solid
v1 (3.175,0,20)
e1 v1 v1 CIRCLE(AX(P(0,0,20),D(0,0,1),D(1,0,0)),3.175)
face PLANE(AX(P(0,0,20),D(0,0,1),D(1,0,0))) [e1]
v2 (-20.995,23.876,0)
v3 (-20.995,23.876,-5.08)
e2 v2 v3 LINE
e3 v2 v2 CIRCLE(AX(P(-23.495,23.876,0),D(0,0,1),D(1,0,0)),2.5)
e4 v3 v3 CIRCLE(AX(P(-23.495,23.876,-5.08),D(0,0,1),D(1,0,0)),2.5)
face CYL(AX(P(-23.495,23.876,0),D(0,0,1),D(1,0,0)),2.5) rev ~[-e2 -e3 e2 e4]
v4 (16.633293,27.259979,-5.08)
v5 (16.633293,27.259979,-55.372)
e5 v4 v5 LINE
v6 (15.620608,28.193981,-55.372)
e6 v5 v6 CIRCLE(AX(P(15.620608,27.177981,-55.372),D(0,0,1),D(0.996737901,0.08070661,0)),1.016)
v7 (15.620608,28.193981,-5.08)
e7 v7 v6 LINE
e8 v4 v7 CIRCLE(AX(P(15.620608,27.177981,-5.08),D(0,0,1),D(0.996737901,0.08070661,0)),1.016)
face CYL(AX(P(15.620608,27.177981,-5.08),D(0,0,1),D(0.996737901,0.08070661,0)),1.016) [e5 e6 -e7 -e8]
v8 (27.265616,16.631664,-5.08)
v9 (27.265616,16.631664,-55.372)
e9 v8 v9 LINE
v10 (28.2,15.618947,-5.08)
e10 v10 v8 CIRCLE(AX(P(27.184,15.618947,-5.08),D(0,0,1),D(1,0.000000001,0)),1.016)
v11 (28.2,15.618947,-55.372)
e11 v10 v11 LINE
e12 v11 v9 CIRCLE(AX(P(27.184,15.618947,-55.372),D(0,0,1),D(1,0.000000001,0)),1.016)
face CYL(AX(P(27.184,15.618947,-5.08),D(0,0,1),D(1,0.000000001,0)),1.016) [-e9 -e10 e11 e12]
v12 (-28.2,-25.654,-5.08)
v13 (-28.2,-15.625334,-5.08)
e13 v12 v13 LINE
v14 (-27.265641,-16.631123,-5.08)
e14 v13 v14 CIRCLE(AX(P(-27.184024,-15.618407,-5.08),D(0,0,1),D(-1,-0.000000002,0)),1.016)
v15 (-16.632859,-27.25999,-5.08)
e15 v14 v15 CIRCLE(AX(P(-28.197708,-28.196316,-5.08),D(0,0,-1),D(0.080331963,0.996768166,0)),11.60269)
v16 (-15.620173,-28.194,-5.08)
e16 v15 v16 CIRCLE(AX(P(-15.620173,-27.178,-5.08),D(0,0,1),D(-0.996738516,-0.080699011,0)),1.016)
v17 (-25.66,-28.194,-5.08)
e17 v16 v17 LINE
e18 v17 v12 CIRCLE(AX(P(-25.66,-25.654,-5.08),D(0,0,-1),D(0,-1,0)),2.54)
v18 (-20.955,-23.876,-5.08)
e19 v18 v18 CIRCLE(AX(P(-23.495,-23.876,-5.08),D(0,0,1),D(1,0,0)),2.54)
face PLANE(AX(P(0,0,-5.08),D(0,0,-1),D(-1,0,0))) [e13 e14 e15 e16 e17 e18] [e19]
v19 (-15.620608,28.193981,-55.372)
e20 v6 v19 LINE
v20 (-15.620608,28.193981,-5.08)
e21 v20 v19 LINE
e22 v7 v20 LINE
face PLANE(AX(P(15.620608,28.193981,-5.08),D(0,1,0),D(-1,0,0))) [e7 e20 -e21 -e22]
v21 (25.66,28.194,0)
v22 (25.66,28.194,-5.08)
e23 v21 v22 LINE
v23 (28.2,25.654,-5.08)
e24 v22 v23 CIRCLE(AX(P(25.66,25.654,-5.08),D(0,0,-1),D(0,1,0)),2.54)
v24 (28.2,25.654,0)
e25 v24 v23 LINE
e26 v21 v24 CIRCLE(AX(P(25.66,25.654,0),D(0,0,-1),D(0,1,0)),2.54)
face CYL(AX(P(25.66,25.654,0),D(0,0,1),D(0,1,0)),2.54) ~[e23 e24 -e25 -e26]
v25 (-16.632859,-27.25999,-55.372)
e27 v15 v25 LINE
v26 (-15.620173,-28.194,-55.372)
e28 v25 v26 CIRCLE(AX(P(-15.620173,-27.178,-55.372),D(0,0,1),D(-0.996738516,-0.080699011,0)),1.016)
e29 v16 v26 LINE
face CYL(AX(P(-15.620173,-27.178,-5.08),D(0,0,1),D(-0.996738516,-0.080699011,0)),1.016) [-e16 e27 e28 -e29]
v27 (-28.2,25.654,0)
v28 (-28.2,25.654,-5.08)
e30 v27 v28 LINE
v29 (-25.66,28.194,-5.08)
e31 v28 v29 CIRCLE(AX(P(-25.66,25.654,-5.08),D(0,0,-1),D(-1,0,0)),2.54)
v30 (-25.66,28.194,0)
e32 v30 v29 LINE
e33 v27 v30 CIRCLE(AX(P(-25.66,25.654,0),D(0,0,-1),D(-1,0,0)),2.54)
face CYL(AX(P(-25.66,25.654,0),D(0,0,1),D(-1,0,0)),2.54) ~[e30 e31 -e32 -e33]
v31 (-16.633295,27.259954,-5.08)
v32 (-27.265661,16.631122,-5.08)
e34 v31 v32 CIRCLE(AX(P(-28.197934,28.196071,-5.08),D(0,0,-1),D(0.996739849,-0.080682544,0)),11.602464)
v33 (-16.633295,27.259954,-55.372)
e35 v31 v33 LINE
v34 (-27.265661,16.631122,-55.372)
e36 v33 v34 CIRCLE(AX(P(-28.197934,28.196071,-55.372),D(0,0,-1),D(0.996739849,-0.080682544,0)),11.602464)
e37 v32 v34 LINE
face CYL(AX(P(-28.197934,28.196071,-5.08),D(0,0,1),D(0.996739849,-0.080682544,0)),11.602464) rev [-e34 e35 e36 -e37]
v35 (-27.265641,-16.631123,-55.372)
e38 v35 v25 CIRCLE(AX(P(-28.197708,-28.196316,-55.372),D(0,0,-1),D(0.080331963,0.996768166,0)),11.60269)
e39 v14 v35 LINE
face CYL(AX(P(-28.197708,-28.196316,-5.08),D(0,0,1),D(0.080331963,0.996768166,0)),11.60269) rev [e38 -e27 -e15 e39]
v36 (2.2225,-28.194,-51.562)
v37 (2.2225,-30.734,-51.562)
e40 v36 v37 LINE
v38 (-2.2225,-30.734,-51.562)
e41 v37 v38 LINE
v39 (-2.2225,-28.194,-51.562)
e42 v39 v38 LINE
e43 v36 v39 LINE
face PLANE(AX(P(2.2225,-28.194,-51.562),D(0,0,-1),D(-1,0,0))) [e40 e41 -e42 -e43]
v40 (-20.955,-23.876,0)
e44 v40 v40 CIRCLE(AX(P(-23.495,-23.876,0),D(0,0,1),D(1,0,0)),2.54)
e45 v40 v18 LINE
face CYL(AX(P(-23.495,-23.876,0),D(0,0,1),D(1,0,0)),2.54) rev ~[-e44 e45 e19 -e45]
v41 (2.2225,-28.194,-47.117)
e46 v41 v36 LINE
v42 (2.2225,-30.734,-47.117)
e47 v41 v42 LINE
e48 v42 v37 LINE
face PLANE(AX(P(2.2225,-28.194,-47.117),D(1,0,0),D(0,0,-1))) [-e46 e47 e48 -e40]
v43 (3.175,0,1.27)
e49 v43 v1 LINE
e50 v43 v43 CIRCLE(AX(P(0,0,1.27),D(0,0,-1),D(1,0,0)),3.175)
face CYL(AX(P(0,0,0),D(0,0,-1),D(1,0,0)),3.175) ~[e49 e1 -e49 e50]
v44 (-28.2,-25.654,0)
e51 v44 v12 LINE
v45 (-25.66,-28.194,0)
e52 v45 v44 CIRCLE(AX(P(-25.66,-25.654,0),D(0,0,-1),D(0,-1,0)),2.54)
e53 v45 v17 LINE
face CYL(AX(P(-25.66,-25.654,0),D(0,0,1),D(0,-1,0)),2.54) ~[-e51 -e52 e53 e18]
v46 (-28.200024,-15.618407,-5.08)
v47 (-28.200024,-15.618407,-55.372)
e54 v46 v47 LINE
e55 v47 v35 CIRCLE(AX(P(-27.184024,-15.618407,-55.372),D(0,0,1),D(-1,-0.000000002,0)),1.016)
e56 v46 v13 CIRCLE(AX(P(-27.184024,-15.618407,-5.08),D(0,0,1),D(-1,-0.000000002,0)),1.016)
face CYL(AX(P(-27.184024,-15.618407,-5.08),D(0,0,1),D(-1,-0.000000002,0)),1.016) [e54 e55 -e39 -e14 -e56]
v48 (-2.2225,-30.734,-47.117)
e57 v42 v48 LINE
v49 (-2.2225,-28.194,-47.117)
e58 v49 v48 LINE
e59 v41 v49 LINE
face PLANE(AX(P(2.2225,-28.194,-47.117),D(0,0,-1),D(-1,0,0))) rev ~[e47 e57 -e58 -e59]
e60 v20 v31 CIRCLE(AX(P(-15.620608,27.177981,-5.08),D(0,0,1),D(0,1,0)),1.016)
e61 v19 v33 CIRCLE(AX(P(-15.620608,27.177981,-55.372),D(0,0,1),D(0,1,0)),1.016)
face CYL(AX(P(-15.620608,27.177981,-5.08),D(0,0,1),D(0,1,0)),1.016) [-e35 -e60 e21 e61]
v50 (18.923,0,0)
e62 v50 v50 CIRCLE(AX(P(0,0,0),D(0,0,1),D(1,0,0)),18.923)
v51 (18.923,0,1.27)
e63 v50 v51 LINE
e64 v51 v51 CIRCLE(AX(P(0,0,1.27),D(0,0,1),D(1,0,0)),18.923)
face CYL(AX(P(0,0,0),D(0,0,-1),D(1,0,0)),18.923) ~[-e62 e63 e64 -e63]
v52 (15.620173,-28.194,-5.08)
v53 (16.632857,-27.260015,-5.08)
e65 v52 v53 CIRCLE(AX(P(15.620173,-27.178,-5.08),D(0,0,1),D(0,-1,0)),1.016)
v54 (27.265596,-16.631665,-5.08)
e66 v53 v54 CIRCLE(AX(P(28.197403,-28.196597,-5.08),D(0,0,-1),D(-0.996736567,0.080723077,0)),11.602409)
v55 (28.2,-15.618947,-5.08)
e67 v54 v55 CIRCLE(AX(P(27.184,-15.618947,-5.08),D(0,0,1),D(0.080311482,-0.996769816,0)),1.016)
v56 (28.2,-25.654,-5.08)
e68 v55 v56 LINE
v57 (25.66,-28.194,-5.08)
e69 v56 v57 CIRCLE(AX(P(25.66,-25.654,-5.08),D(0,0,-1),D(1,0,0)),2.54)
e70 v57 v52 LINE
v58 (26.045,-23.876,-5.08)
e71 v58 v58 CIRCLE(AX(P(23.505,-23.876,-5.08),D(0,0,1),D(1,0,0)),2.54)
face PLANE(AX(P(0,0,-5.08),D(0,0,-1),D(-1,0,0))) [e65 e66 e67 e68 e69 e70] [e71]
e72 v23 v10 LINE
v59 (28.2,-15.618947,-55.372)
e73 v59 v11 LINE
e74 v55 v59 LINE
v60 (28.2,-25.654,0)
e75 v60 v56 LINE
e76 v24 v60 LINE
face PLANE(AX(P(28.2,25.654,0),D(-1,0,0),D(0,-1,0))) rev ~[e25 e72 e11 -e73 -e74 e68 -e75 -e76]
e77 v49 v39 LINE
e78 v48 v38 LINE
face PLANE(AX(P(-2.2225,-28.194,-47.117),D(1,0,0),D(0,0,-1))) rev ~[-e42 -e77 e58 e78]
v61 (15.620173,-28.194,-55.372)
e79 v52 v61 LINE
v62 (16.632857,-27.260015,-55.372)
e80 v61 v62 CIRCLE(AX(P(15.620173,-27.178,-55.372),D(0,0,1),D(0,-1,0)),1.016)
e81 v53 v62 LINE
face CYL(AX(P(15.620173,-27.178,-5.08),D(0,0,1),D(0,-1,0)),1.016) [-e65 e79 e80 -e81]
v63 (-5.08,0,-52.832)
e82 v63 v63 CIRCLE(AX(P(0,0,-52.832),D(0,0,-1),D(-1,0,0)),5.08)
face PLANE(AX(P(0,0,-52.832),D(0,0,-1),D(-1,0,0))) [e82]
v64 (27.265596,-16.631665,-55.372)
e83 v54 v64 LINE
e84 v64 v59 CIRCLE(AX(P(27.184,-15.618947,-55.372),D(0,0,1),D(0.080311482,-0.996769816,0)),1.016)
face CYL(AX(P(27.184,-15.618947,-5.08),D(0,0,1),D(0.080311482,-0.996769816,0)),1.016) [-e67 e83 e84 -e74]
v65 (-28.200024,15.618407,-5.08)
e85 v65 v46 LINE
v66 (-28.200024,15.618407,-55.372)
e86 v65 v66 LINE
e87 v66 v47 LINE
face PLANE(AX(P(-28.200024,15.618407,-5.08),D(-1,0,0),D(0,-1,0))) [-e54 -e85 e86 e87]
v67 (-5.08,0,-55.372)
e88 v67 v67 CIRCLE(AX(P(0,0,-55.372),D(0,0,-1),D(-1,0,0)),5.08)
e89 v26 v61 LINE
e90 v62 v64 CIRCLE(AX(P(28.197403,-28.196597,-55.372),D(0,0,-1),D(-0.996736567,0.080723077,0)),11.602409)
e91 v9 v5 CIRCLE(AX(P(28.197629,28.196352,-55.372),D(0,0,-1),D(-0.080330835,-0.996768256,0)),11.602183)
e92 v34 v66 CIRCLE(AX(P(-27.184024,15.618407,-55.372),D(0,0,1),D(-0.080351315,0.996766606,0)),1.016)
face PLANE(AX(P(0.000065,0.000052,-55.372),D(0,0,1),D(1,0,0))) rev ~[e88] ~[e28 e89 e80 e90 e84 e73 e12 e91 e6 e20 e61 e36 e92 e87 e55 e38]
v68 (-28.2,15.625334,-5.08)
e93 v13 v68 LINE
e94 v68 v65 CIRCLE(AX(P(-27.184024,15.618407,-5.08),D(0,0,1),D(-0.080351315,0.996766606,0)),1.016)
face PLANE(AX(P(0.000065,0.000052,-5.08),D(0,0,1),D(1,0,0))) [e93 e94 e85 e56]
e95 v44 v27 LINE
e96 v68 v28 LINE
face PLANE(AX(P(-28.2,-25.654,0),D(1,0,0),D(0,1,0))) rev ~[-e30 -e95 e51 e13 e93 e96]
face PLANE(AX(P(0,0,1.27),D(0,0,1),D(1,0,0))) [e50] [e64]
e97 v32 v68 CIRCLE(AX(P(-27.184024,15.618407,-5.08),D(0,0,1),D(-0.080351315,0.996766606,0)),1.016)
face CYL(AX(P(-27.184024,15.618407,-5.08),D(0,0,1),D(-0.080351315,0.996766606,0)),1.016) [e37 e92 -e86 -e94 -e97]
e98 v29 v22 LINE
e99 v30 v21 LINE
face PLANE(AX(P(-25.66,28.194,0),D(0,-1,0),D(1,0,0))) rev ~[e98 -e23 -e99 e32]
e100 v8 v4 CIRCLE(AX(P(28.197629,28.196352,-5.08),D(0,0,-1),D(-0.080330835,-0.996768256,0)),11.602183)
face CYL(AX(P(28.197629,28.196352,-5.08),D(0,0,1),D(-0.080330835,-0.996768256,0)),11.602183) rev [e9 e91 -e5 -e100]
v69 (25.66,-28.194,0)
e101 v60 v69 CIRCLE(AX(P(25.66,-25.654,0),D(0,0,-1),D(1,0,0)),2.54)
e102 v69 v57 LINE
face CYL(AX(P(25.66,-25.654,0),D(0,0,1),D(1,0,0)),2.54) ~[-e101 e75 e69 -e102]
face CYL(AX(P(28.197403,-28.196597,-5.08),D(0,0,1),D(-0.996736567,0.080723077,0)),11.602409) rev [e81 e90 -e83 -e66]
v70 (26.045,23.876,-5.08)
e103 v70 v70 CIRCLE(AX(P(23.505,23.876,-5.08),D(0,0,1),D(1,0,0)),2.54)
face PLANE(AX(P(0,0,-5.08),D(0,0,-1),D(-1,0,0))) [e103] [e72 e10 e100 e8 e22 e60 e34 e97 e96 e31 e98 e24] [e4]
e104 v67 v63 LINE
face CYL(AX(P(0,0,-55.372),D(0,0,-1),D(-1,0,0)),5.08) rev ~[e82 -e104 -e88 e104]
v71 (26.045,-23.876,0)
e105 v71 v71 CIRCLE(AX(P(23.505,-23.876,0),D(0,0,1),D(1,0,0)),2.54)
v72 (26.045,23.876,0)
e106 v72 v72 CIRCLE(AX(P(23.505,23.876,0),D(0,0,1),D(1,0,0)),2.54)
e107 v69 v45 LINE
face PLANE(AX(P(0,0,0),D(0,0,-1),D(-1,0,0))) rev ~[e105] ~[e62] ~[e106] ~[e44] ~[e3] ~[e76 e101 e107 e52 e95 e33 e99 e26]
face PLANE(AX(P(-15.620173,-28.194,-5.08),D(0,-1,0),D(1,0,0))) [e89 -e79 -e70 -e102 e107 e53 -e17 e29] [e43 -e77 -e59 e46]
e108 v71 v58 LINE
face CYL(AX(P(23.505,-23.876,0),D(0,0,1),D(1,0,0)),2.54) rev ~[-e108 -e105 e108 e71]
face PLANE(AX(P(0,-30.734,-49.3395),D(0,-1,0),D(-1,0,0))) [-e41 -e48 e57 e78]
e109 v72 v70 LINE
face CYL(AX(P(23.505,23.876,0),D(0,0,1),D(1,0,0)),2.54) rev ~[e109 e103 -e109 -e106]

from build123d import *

# Parameters (mm, degrees)
BOSS_EXTRUDE1_DEPTH = 5.08
SKETCH2_R           = 2.5
SKETCH2_R_2         = 2.54
CUT_EXTRUDE1_DEPTH  = 12.7
SKETCH3_R           = 3.175
BOSS_EXTRUDE2_DEPTH = 20
BOSS_EXTRUDE3_DEPTH = 50.292
SKETCH7_R           = 5.08
CUT_EXTRUDE2_DEPTH  = 2.54
SKETCH8_W           = 4.445
SKETCH8_H           = 4.445
BOSS_EXTRUDE4_DEPTH = 2.54
SKETCH9_R           = 18.923
BOSS_EXTRUDE5_DEPTH = 1.27


with BuildPart() as part:
    # Sketch1 → Boss-Extrude1 (new body)
    with BuildSketch(Plane.XY):
        with BuildLine():
            Line((-25.66, 28.194), (25.66, 28.194))
            ThreePointArc((25.66, 28.194), (27.456051224, 27.450051224), (28.2, 25.654))
            Line((28.2, 25.654), (28.2, -25.654))
            ThreePointArc((28.2, -25.654), (27.456051224, -27.450051224), (25.66, -28.194))
            Line((25.66, -28.194), (-25.66, -28.194))
            ThreePointArc((-25.66, -28.194), (-27.456051224, -27.450051224), (-28.2, -25.654))
            Line((-28.2, -25.654), (-28.2, 25.654))
            ThreePointArc((-28.2, 25.654), (-27.456051224, 27.450051224), (-25.66, 28.194))
        make_face()
    extrude(amount=-BOSS_EXTRUDE1_DEPTH)

    # Sketch2 → Cut-Extrude1 (cut)
    with BuildSketch(Plane.XY):
        with Locations((-23.495, 23.876)):
            Circle(SKETCH2_R)
        with Locations((23.505, 23.876)):
            Circle(SKETCH2_R_2)
        with Locations((-23.495, -23.876)):
            Circle(SKETCH2_R_2)
        with Locations((23.505, -23.876)):
            Circle(SKETCH2_R_2)
    extrude(amount=-CUT_EXTRUDE1_DEPTH, mode=Mode.SUBTRACT)

    # Sketch3 → Boss-Extrude2 (add)
    with BuildSketch(Plane.XY):
        Circle(SKETCH3_R)
    extrude(amount=BOSS_EXTRUDE2_DEPTH)

    # Sketch6 → Boss-Extrude3 (add)
    with BuildSketch(Plane(origin=(0, 0, -5.08), x_dir=(-1, 0, 0), z_dir=(0, 0, -1))):
        with BuildLine():
            Line((-15.620607632, 28.193981005), (15.620607632, 28.193981005))
            ThreePointArc((15.620607632, 28.193981005), (16.309436696, 27.924821363), (16.633295319, 27.25995447))
            ThreePointArc((16.633295319, 27.25995447), (19.995115916, 19.990526597), (27.265660549, 16.631121879))
            ThreePointArc((27.265660549, 16.631121879), (27.930749509, 16.307360153), (28.200023614, 15.618407008))
            Line((28.200023614, 15.618407008), (28.200023614, -15.618407008))
            ThreePointArc((28.200023614, -15.618407008), (27.930742821, -16.307367402), (27.265640888, -16.631123464))
            ThreePointArc((27.265640888, -16.631123464), (19.994877492, -19.99046435), (16.632859418, -27.259990196))
            ThreePointArc((16.632859418, -27.259990196), (16.308995981, -27.924846048), (15.620173086, -28.194))
            Line((15.620173086, -28.194), (-15.620173086, -28.194))
            ThreePointArc((-15.620173086, -28.194), (-16.308986965, -27.924854363), (-16.632857438, -27.260014646))
            ThreePointArc((-16.632857438, -27.260014646), (-19.994954858, -19.990760744), (-27.265596467, -16.631665336))
            ThreePointArc((-27.265596467, -16.631665336), (-27.93071213, -16.307915269), (-28.2, -15.618947204))
            Line((-28.2, -15.618947204), (-28.2, 15.618947204))
            ThreePointArc((-28.2, 15.618947204), (-27.930718818, 16.30790802), (-27.265616128, 16.631663752))
            ThreePointArc((-27.265616128, 16.631663752), (-19.995193282, 19.990822991), (-16.633293339, 27.25997892))
            ThreePointArc((-16.633293339, 27.25997892), (-16.30942768, 27.924829678), (-15.620607632, 28.193981005))
        make_face()
    extrude(amount=BOSS_EXTRUDE3_DEPTH)

    # Sketch7 → Cut-Extrude2 (cut)
    with BuildSketch(Plane(origin=(0, 0, -55.372), x_dir=(-1, 0, 0), z_dir=(0, 0, -1))):
        Circle(SKETCH7_R)
    extrude(amount=-CUT_EXTRUDE2_DEPTH, mode=Mode.SUBTRACT)

    # Sketch8 → Boss-Extrude4 (add)
    with BuildSketch(Plane(origin=(0, -28.194, 0), x_dir=(-1, 0, 0), z_dir=(0, -1, 0))):
        with Locations((0, 49.3395)):
            Rectangle(SKETCH8_W, SKETCH8_H)
    extrude(amount=BOSS_EXTRUDE4_DEPTH)

    # Sketch9 → Boss-Extrude5 (add)
    with BuildSketch(Plane.XY):
        Circle(SKETCH9_R)
    extrude(amount=BOSS_EXTRUDE5_DEPTH)


solid = part.part
